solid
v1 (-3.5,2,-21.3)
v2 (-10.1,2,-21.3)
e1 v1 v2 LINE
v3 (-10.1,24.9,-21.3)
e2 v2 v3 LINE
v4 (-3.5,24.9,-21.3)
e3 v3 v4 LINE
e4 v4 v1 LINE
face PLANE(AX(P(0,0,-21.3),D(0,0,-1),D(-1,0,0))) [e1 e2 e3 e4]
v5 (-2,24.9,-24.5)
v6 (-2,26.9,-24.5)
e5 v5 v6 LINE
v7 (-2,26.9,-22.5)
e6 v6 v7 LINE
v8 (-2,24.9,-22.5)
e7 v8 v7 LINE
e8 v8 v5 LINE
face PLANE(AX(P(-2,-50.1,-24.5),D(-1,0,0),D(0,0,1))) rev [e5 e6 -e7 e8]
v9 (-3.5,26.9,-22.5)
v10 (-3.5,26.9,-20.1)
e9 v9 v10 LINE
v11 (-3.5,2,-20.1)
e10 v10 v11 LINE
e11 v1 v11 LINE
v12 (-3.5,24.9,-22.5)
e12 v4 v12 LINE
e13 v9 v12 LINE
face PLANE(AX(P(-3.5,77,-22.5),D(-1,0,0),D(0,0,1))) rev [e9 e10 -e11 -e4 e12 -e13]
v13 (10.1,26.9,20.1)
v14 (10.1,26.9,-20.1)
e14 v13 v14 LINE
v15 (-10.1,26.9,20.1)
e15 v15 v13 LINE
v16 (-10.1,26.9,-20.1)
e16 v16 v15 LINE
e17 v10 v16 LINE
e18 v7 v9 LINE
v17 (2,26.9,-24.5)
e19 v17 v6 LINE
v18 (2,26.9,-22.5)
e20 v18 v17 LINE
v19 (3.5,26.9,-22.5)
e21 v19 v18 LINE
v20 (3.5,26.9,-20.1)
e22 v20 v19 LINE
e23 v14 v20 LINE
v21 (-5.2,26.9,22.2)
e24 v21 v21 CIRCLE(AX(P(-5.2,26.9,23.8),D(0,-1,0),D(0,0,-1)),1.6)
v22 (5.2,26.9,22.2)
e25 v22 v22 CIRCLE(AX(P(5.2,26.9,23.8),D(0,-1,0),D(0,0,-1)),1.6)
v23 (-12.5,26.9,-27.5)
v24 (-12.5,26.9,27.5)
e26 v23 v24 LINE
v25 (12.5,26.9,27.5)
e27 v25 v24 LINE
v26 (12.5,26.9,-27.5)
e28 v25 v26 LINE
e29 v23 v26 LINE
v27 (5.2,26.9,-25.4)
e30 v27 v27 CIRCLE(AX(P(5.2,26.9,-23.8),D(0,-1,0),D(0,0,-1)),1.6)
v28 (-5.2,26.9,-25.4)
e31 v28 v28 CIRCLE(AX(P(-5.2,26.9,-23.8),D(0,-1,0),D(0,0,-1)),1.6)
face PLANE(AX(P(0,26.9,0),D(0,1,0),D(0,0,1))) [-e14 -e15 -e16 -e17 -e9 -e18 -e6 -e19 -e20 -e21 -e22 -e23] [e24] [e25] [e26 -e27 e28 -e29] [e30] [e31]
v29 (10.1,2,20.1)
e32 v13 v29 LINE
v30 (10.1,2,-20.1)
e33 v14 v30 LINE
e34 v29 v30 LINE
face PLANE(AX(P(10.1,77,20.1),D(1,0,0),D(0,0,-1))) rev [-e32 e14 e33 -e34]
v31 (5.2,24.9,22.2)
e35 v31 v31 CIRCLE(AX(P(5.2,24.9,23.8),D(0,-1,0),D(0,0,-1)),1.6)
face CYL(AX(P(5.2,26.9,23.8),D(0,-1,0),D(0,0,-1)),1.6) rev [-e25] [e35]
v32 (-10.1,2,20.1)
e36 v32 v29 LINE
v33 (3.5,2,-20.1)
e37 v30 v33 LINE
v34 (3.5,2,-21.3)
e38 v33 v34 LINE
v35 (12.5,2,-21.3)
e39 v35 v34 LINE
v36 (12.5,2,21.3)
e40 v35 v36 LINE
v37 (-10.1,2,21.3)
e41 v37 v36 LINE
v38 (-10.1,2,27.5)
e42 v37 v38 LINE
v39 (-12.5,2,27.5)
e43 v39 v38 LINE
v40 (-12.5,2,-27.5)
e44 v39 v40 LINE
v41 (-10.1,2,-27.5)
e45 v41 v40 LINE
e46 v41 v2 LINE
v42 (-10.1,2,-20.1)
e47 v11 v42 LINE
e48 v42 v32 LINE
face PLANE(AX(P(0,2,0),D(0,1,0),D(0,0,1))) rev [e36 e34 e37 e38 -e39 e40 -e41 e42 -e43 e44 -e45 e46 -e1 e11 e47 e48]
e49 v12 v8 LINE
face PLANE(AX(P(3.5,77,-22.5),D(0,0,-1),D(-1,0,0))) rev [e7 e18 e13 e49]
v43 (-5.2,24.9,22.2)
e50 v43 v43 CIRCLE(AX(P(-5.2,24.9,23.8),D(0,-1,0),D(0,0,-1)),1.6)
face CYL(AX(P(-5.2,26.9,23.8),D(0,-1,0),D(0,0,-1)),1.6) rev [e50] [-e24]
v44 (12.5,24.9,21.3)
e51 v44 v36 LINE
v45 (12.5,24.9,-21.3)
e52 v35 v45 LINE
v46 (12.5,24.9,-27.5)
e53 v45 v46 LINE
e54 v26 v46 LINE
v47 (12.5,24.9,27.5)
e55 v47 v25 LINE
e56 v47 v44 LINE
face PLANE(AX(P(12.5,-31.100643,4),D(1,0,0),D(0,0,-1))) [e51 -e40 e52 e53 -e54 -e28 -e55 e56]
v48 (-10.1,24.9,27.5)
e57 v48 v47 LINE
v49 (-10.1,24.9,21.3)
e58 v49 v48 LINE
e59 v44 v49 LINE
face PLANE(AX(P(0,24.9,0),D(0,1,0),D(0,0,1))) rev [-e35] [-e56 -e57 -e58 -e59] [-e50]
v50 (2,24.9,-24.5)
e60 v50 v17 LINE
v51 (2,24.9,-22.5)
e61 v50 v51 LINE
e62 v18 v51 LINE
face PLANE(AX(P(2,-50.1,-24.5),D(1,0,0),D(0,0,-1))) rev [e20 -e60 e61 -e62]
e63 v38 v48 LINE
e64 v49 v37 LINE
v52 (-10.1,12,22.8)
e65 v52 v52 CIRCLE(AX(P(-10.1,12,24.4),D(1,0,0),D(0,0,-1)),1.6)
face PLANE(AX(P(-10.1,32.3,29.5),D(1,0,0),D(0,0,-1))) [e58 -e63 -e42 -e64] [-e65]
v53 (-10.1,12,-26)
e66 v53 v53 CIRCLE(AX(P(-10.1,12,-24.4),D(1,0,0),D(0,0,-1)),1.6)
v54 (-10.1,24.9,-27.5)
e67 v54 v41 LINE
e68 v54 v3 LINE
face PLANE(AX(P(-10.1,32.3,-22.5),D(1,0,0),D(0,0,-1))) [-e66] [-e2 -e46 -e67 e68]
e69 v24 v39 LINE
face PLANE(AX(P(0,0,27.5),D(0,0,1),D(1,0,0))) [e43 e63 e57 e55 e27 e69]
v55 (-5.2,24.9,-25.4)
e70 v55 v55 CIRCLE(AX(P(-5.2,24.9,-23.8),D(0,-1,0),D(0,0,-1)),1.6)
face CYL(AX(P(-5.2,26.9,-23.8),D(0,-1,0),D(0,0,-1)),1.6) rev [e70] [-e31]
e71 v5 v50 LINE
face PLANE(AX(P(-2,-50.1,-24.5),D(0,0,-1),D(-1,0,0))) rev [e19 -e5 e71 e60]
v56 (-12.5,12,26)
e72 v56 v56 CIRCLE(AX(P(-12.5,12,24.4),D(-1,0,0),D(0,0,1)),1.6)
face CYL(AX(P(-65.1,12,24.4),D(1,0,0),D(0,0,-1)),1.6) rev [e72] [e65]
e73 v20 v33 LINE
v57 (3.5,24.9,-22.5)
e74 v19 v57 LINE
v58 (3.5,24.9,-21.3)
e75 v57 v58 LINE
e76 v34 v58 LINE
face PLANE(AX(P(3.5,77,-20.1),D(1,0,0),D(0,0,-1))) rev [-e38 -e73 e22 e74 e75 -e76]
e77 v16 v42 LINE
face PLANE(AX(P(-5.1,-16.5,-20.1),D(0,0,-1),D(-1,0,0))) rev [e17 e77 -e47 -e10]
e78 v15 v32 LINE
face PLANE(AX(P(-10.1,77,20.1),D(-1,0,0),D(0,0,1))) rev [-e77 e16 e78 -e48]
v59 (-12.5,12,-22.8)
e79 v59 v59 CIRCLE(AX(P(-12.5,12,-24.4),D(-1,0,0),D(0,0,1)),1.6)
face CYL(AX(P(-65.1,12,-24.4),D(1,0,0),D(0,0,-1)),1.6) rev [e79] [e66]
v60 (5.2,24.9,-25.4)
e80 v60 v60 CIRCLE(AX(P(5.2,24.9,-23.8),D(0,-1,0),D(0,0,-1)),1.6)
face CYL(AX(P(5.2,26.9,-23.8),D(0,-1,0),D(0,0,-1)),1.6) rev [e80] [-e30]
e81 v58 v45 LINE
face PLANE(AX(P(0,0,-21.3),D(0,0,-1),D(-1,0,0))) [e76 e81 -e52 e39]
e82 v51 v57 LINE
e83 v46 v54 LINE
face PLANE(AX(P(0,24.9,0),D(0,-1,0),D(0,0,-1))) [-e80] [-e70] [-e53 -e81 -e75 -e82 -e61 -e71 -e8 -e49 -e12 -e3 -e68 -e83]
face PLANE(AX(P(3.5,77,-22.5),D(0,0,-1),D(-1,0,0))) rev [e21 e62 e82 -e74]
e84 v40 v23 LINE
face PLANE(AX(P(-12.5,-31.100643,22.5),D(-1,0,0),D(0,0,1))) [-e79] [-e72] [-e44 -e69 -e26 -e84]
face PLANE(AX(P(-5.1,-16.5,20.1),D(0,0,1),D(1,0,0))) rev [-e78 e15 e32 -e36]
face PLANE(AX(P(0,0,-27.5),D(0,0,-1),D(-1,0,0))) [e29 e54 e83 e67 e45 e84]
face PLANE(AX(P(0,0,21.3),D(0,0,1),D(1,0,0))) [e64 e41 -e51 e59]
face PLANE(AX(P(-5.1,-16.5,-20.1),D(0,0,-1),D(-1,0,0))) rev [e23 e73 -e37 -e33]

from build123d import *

# Parameters (mm, degrees)
SKETCH2_W           = 75
SKETCH2_H           = 8
SKETCH2_R           = 1.6
BOSS_EXTRUDE1_DEPTH = 2
SKETCH3_W           = 25
SKETCH3_H           = 18.5
BOSS_EXTRUDE2_DEPTH = 2
SKETCH4_W           = 25
SKETCH4_H           = 2
BOSS_EXTRUDE3_DEPTH = 18.5
SKETCH5_W           = 10.2
SKETCH5_H           = 40.2
CUT_EXTRUDE1_DEPTH  = 18.5
SKETCH6_W           = 10.2
SKETCH6_H           = 40.2
BOSS_EXTRUDE4_DEPTH = 24.9
SKETCH8_W           = 25
SKETCH8_H           = 7
BOSS_EXTRUDE5_DEPTH = 2
SKETCH9_R           = 1.6
CUT_EXTRUDE2_DEPTH  = 2
SKETCH10_W          = 20.2
SKETCH10_H          = 40.2
CUT_EXTRUDE3_DEPTH  = 77
SKETCH11_W          = 7
SKETCH11_H          = 2.4
CUT_EXTRUDE4_DEPTH  = 77
SKETCH12_W          = 2.4
SKETCH12_H          = 7
BOSS_EXTRUDE6_DEPTH = 24.9
SKETCH13_W          = 4
SKETCH13_H          = 4
CUT_EXTRUDE5_DEPTH  = 77
SKETCH14_W          = 25
SKETCH14_H          = 8
SKETCH14_R          = 1.6
BOSS_EXTRUDE7_DEPTH = 2
CUT_EXTRUDE6_DEPTH  = 2
CHAMFER1_SIZE       = 10
CUT_EXTRUDE7_DEPTH  = 1.2
SKETCH17_W          = 20.2
SKETCH17_H          = 22.9
CUT_EXTRUDE8_DEPTH  = 1.2
CUT_EXTRUDE9_DEPTH  = 2
CUT_EXTRUDE10_DEPTH = 2
SKETCH20_W          = 25
SKETCH20_H          = 8
CUT_EXTRUDE11_DEPTH = 156
SKETCH21_W          = 6.2
SKETCH21_H          = 22.9
CUT_EXTRUDE12_DEPTH = 55
SKETCH22_R          = 1.6
CUT_EXTRUDE13_DEPTH = 55


with BuildPart() as part:
    # Sketch2 → Boss-Extrude1 (new body)
    with BuildSketch(Plane(origin=(0, 0, 0), x_dir=(1, 0, 0), z_dir=(0, 1, 0))):
        Rectangle(SKETCH2_W, SKETCH2_H)
        with Locations((-31.75, 0)):
            Circle(SKETCH2_R, mode=Mode.SUBTRACT)
        with Locations((31.75, 0)):
            Circle(SKETCH2_R, mode=Mode.SUBTRACT)
    extrude(amount=BOSS_EXTRUDE1_DEPTH)

    # Sketch3 → Boss-Extrude2 (add)
    with BuildSketch(Plane(origin=(0, 2, 0), x_dir=(1, 0, 0), z_dir=(0, 1, 0))):
        with Locations((0, -13.25)):
            Rectangle(SKETCH3_W, SKETCH3_H)
    extrude(amount=-BOSS_EXTRUDE2_DEPTH)

    # Sketch4 → Boss-Extrude3 (add)
    with BuildSketch(Plane(origin=(0, 0, -4), x_dir=(-1, 0, 0), z_dir=(0, 0, -1))):
        with Locations((0, 1)):
            Rectangle(SKETCH4_W, SKETCH4_H)
    extrude(amount=BOSS_EXTRUDE3_DEPTH)

    # Sketch5 → Cut-Extrude1 (cut)
    with BuildSketch(Plane(origin=(0, 2, 0), x_dir=(1, 0, 0), z_dir=(0, 1, 0))):
        Rectangle(SKETCH5_W, SKETCH5_H)
    extrude(amount=-CUT_EXTRUDE1_DEPTH, mode=Mode.SUBTRACT)

    # Sketch6 → Boss-Extrude4 (add)
    with BuildSketch(Plane(origin=(0, 2, 0), x_dir=(1, 0, 0), z_dir=(0, 1, 0))):
        Polygon((-12.5, 4), (-12.5, -4), (-12.5, -22.5), (12.5, -22.5), (12.5, -4), (12.5, 4), (12.5, 22.5), (-12.5, 22.5), align=None)
        Rectangle(SKETCH6_W, SKETCH6_H, mode=Mode.SUBTRACT)
    extrude(amount=BOSS_EXTRUDE4_DEPTH)

    # Sketch8 → Boss-Extrude5 (add)
    with BuildSketch(Plane(origin=(0, 26.9, 0), x_dir=(1, 0, 0), z_dir=(0, 1, 0))):
        with Locations((0, 26)):
            Rectangle(SKETCH8_W, SKETCH8_H)
        with Locations((0, -26)):
            Rectangle(SKETCH8_W, SKETCH8_H)
    extrude(amount=-BOSS_EXTRUDE5_DEPTH)

    # Sketch9 → Cut-Extrude2 (cut)
    with BuildSketch(Plane.XZ.offset(-24.9)):
        with Locations((5.2, 23.8)):
            Circle(SKETCH9_R)
        with Locations((-5.2, 23.8)):
            Circle(SKETCH9_R)
        with Locations((-5.2, -23.8)):
            Circle(SKETCH9_R)
        with Locations((5.2, -23.8)):
            Circle(SKETCH9_R)
    extrude(amount=-CUT_EXTRUDE2_DEPTH, mode=Mode.SUBTRACT)

    # Sketch10 → Cut-Extrude3 (cut)
    with BuildSketch(Plane.XZ):
        Rectangle(SKETCH10_W, SKETCH10_H)
    extrude(amount=-CUT_EXTRUDE3_DEPTH, mode=Mode.SUBTRACT)

    # Sketch11 → Cut-Extrude4 (cut)
    with BuildSketch(Plane.XZ):
        with Locations((0, -21.3)):
            Rectangle(SKETCH11_W, SKETCH11_H)
    extrude(amount=-CUT_EXTRUDE4_DEPTH, mode=Mode.SUBTRACT)

    # Sketch12 → Boss-Extrude6 (add)
    with BuildSketch(Plane.XZ):
        with Locations((-11.3, 26)):
            Rectangle(SKETCH12_W, SKETCH12_H)
        with Locations((-11.3, -26)):
            Rectangle(SKETCH12_W, SKETCH12_H)
        with Locations((11.3, 26)):
            Rectangle(SKETCH12_W, SKETCH12_H)
        with Locations((11.3, -26)):
            Rectangle(SKETCH12_W, SKETCH12_H)
    extrude(amount=-BOSS_EXTRUDE6_DEPTH)

    # Sketch13 → Cut-Extrude5 (cut)
    with BuildSketch(Plane(origin=(0, 26.9, 0), x_dir=(1, 0, 0), z_dir=(0, 1, 0))):
        with Locations((0, 22.5)):
            Rectangle(SKETCH13_W, SKETCH13_H)
    extrude(amount=-CUT_EXTRUDE5_DEPTH, mode=Mode.SUBTRACT)

    # Sketch14 → Boss-Extrude7 (add)
    with BuildSketch(Plane(origin=(0, 2, 0), x_dir=(1, 0, 0), z_dir=(0, 1, 0))):
        with Locations((-25, 0)):
            Rectangle(SKETCH14_W, SKETCH14_H)
        with Locations((-31.75, 0)):
            Circle(SKETCH14_R, mode=Mode.SUBTRACT)
        with Locations((25, 0)):
            Rectangle(SKETCH14_W, SKETCH14_H)
        with Locations((31.75, 0)):
            Circle(SKETCH14_R, mode=Mode.SUBTRACT)
    extrude(amount=BOSS_EXTRUDE7_DEPTH)

    # Sketch15 → Cut-Extrude6 (cut)
    with BuildSketch(Plane.XZ):
        Polygon((10.1, -20.1), (3.5, -20.1), (3.5, -22.5), (10.1, -22.5), (10.1, -29.5), (12.5, -29.5), (12.5, -4), (37.5, -4), (37.5, 4), (12.5, 4), (12.5, 29.5), (10.1, 29.5), (10.1, 22.5), (-10.1, 22.5), (-10.1, 29.5), (-12.5, 29.5), (-12.5, 4), (-37.5, 4), (-37.5, -4), (-12.5, -4), (-12.5, -29.5), (-10.1, -29.5), (-10.1, -22.5), (-3.5, -22.5), (-3.5, -20.1), (-10.1, -20.1), (-10.1, 20.1), (10.1, 20.1), align=None)
    extrude(amount=-CUT_EXTRUDE6_DEPTH, mode=Mode.SUBTRACT)

    # Chamfer1
    chamfer1_edges = [part.edges().sort_by_distance(p)[0] for p in [
        (-12.5, 4, 0),
        (12.5, 4, 0),
    ]]
    chamfer(chamfer1_edges, length=CHAMFER1_SIZE)

    # Sketch16 → Cut-Extrude7 (cut)
    with BuildSketch(Plane.XY.offset(22.5)):
        Polygon((-10.1, 2), (10.1, 2), (10.1, 24.9), (6.132737905, 24.9), (4.267262095, 24.9), (-4.267262095, 24.9), (-6.132737905, 24.9), (-10.1, 24.9), align=None)
    extrude(amount=-CUT_EXTRUDE7_DEPTH, mode=Mode.SUBTRACT)

    # Sketch17 → Cut-Extrude8 (cut)
    with BuildSketch(Plane(origin=(0, 0, -22.5), x_dir=(-1, 0, 0), z_dir=(0, 0, -1))):
        with Locations((0, 13.45)):
            Rectangle(SKETCH17_W, SKETCH17_H)
    extrude(amount=-CUT_EXTRUDE8_DEPTH, mode=Mode.SUBTRACT)

    # Sketch18 → Cut-Extrude9 (cut)
    with BuildSketch(Plane(origin=(0, 0, -29.5), x_dir=(-1, 0, 0), z_dir=(0, 0, -1))):
        Polygon((10.1, 2), (12.5, 2), (12.5, 26.9), (-12.5, 26.9), (-12.5, 2), (-10.1, 2), (-10.1, 24.9), (10.1, 24.9), align=None)
    extrude(amount=-CUT_EXTRUDE9_DEPTH, mode=Mode.SUBTRACT)

    # Sketch19 → Cut-Extrude10 (cut)
    with BuildSketch(Plane.XY.offset(29.5)):
        Polygon((10.1, 2), (12.5, 2), (12.5, 26.9), (-12.5, 26.9), (-12.5, 2), (-10.1, 2), (-10.1, 24.9), (10.1, 24.9), align=None)
    extrude(amount=-CUT_EXTRUDE10_DEPTH, mode=Mode.SUBTRACT)

    # Sketch20 → Cut-Extrude11 (cut)
    with BuildSketch(Plane.XZ.offset(-2)):
        with Locations((-25, 0)):
            Rectangle(SKETCH20_W, SKETCH20_H)
        with Locations((25, 0)):
            Rectangle(SKETCH20_W, SKETCH20_H)
    extrude(amount=-CUT_EXTRUDE11_DEPTH, mode=Mode.SUBTRACT)

    # Sketch21 → Cut-Extrude12 (cut)
    with BuildSketch(Plane(origin=(-10.1, 0, 0), x_dir=(0, 0, -1), z_dir=(1, 0, 0))):
        with Locations((-24.4, 13.45)):
            Rectangle(SKETCH21_W, SKETCH21_H)
        with Locations((24.4, 13.45)):
            Rectangle(SKETCH21_W, SKETCH21_H)
    extrude(amount=CUT_EXTRUDE12_DEPTH, mode=Mode.SUBTRACT)

    # Sketch22 → Cut-Extrude13 (cut)
    with BuildSketch(Plane(origin=(-10.1, 0, 0), x_dir=(0, 0, -1), z_dir=(1, 0, 0))):
        with Locations((-24.4, 12)):
            Circle(SKETCH22_R)
        with Locations((24.4, 12)):
            Circle(SKETCH22_R)
    extrude(amount=-CUT_EXTRUDE13_DEPTH, mode=Mode.SUBTRACT)


solid = part.part
